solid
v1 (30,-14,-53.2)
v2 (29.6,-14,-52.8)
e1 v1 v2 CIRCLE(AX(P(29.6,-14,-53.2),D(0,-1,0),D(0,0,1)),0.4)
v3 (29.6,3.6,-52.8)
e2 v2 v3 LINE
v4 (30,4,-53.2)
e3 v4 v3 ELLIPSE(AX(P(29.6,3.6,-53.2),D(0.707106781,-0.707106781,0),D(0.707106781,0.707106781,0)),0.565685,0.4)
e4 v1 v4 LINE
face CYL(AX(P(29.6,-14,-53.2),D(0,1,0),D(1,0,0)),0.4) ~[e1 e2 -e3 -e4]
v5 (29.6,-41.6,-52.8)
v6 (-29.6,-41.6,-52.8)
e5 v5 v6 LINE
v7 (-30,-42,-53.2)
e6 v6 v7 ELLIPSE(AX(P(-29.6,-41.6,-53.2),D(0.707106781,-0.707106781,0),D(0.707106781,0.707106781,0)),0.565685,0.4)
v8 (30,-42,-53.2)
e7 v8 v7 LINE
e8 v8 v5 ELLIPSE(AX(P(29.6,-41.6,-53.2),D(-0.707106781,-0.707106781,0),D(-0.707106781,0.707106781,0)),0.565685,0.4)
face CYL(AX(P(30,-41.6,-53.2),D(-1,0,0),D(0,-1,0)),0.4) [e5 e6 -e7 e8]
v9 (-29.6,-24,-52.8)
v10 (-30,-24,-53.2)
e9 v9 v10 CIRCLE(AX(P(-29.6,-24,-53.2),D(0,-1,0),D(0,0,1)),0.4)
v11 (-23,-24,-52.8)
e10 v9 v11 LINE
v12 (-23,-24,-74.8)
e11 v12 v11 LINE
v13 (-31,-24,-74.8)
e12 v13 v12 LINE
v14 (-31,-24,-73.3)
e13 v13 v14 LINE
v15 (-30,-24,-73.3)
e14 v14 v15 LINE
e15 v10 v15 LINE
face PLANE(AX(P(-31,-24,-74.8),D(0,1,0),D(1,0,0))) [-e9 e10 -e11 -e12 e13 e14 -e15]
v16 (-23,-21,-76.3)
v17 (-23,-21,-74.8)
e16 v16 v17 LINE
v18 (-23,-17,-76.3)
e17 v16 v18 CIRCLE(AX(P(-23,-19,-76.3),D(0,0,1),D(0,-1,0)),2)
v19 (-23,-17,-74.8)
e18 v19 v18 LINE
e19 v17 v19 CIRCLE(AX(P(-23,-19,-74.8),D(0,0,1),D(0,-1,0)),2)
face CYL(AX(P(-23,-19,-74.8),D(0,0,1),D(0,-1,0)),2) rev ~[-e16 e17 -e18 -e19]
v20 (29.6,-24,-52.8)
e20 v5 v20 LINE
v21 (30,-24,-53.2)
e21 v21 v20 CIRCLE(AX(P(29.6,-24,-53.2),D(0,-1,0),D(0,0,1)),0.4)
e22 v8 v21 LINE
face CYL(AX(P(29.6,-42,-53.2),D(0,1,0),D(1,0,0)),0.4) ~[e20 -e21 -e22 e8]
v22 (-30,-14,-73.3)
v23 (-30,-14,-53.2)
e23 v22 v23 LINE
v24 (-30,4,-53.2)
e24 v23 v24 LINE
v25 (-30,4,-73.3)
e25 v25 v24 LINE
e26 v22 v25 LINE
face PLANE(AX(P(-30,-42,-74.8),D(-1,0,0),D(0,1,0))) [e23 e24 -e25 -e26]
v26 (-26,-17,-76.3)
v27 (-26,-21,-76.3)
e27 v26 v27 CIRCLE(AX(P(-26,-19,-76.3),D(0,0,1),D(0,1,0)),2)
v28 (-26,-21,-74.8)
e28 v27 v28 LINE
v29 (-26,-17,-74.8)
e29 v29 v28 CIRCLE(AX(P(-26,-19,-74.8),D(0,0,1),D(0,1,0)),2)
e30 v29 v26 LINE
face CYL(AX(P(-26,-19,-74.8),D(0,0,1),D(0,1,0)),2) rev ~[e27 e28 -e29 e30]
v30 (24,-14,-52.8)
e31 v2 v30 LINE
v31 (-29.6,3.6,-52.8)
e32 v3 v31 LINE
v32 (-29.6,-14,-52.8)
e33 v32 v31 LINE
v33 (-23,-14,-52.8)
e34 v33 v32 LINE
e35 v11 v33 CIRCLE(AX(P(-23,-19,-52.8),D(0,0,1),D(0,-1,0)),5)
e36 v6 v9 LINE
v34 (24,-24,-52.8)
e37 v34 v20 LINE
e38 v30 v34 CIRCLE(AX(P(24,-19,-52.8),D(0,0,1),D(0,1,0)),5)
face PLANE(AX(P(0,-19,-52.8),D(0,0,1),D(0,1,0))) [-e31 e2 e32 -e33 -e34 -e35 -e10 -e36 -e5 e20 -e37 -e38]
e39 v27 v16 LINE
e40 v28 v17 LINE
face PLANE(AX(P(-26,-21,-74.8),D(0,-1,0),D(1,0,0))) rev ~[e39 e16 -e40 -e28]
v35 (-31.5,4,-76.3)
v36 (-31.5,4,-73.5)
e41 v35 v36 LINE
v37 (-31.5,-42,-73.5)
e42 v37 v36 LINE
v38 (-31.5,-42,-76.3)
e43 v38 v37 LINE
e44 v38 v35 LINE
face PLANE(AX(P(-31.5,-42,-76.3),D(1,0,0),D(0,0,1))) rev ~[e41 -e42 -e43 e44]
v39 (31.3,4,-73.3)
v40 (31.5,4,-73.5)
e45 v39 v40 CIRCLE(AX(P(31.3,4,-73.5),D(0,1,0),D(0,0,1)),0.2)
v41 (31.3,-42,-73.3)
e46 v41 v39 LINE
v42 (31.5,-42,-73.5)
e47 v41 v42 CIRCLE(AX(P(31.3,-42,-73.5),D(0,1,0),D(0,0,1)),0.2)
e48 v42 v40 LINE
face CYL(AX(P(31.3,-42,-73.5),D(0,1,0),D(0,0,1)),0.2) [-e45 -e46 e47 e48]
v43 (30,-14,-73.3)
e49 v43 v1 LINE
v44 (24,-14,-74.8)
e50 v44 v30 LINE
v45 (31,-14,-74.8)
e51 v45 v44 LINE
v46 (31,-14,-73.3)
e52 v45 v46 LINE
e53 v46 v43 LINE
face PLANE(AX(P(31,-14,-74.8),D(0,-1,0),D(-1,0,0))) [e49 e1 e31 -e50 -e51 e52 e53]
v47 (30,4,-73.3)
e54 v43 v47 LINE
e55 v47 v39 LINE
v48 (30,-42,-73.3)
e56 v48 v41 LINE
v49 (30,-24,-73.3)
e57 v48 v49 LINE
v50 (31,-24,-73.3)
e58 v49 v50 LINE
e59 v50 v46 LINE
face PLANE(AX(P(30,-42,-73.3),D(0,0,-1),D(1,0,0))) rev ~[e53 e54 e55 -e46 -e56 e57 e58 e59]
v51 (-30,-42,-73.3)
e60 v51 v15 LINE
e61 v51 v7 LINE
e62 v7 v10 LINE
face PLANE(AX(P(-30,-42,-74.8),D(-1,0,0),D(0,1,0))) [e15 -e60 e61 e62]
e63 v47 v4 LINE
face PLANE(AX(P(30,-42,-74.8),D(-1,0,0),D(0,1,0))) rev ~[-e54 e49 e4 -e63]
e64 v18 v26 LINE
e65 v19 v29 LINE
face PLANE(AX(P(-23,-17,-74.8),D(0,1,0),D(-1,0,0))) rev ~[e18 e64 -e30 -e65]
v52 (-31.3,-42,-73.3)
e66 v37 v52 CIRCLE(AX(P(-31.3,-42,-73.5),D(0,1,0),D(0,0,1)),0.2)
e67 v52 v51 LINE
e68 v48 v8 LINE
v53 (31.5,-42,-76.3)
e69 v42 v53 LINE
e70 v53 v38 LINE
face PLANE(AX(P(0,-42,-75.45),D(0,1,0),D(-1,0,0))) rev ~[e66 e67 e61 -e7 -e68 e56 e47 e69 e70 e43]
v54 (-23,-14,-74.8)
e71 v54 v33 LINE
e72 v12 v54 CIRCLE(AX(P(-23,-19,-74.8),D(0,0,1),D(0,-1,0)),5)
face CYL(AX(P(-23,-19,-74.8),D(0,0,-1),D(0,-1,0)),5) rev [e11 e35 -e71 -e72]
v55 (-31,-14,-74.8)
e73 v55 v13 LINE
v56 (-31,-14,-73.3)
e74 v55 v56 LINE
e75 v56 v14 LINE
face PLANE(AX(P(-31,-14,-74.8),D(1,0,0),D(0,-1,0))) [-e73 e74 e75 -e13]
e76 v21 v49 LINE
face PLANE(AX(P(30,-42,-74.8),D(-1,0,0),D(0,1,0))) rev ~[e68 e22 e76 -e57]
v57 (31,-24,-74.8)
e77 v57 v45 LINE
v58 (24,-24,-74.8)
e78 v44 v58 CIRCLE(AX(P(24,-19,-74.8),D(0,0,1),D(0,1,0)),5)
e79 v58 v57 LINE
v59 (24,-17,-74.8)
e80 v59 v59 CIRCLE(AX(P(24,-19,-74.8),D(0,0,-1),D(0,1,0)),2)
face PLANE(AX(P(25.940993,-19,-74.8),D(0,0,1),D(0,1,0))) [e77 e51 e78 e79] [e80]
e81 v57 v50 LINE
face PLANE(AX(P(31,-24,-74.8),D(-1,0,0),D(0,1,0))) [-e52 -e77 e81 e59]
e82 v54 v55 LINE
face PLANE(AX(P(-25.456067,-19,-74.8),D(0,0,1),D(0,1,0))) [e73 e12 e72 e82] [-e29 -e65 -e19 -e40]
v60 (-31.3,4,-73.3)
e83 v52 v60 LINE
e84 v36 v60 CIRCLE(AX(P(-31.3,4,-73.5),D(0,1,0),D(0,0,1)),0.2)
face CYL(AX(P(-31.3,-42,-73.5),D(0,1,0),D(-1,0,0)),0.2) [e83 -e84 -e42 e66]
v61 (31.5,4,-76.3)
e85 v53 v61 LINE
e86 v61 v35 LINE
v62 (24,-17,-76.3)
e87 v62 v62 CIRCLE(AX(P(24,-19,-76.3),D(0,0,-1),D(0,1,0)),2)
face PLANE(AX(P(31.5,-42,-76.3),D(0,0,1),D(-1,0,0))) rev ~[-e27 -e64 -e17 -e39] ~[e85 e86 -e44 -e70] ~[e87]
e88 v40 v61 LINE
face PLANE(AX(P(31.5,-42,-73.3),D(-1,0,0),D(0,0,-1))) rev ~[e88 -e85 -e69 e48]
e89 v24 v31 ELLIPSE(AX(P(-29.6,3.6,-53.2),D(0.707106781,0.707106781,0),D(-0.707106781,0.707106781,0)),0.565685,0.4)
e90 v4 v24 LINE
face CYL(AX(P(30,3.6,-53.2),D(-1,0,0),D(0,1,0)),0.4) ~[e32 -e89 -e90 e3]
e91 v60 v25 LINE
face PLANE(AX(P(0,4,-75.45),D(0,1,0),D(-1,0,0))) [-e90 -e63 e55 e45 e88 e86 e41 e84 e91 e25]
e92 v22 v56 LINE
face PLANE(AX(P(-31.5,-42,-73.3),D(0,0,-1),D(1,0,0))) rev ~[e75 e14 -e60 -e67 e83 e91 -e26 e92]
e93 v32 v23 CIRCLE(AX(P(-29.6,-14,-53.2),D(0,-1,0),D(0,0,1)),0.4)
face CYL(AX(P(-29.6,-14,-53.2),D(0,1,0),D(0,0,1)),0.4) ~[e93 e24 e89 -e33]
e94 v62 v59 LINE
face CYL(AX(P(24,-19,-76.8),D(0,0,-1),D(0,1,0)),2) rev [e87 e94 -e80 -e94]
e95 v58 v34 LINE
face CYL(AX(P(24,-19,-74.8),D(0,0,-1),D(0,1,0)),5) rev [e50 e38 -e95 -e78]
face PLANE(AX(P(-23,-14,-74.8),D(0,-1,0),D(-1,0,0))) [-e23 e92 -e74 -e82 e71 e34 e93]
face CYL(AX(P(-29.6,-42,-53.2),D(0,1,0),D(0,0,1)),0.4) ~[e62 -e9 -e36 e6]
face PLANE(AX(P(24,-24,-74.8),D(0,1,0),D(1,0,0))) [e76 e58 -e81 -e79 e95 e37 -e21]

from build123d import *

# Parameters (mm, degrees)
BOX007_W                = 46
BOX007_H                = 60
BOX007_DEPTH            = 22
PAD010_DEPTH            = 46
POCKET_DEPTH            = 22
POCKET001_DEPTH         = 22
CYLINDER_R              = 2
CYLINDER_DEPTH          = 4
POCKET002_DEPTH         = 2
FILLET002_R             = 0.2
FILLET003_R             = 0.4
BODY010_PLACEMENT_ANGLE = 90


with BuildPart() as part:
    # Box007 → Box007 (join)
    with BuildSketch(Plane.XY):
        with Locations((23, 30)):
            Rectangle(BOX007_W, BOX007_H)
    extrude(amount=BOX007_DEPTH)

    # Sketch012 → Pad010 (join)
    with BuildSketch(Plane.YZ):
        Polygon((0, 1.5), (-1.5, 1.5), (-1.5, -1.5), (61.5, -1.5), (61.5, 1.5), (60, 1.5), (60, 0), (0, 0), align=None)
    extrude(amount=PAD010_DEPTH)

    # Sketch013 → Pocket (cut)
    with BuildSketch(Plane.XY):
        with BuildLine():
            ThreePointArc((28, 6), (23, 11), (18, 6))
            Line((18, 6), (18, -1))
            Line((18, -1), (28, -1))
            Line((28, -1), (28, 6))
        make_face()
    extrude(amount=POCKET_DEPTH, mode=Mode.SUBTRACT)

    # Sketch014 → Pocket001 (cut)
    with BuildSketch(Plane.XY):
        with BuildLine():
            ThreePointArc((18, 53), (23, 48), (28, 53))
            Line((28, 53), (28, 61))
            Line((28, 61), (18, 61))
            Line((18, 61), (18, 53))
        make_face()
    extrude(amount=POCKET001_DEPTH, mode=Mode.SUBTRACT)

    # Cylinder → Cylinder (cut)
    with BuildSketch(Plane(origin=(23, 6, -2), x_dir=(1, 0, 0), z_dir=(0, 0, 1))):
        Circle(CYLINDER_R)
    extrude(amount=CYLINDER_DEPTH, mode=Mode.SUBTRACT)

    # Sketch015 → Pocket002 (cut, symmetric)
    with BuildSketch(Plane.XY):
        with BuildLine():
            ThreePointArc((25, 56), (23, 58), (21, 56))
            Line((21, 56), (21, 53))
            ThreePointArc((21, 53), (23, 51), (25, 53))
            Line((25, 53), (25, 56))
        make_face()
    extrude(amount=POCKET002_DEPTH, both=True, mode=Mode.SUBTRACT)

    # Fillet002
    fillet002_edges = [part.edges().sort_by_distance(p)[0] for p in [
        (23, -1.5, 1.5),
        (23, 61.5, 1.5),
    ]]
    fillet(fillet002_edges, radius=FILLET002_R)

    # Fillet003
    fillet003_edges = [part.edges().sort_by_distance(p)[0] for p in [
        (9, 0, 22),
        (37, 0, 22),
        (46, 30, 22),
        (37, 60, 22),
        (9, 60, 22),
        (0, 30, 22),
    ]]
    fillet(fillet003_edges, radius=FILLET003_R)


with BuildPart() as part_1:
    # Body010 placement: moved
    add(part.part.moved(Location((30, -42, -74.8))).rotate(Axis((30, -42, -74.8), (0, 0, 1)), BODY010_PLACEMENT_ANGLE))


solid = part_1.part
